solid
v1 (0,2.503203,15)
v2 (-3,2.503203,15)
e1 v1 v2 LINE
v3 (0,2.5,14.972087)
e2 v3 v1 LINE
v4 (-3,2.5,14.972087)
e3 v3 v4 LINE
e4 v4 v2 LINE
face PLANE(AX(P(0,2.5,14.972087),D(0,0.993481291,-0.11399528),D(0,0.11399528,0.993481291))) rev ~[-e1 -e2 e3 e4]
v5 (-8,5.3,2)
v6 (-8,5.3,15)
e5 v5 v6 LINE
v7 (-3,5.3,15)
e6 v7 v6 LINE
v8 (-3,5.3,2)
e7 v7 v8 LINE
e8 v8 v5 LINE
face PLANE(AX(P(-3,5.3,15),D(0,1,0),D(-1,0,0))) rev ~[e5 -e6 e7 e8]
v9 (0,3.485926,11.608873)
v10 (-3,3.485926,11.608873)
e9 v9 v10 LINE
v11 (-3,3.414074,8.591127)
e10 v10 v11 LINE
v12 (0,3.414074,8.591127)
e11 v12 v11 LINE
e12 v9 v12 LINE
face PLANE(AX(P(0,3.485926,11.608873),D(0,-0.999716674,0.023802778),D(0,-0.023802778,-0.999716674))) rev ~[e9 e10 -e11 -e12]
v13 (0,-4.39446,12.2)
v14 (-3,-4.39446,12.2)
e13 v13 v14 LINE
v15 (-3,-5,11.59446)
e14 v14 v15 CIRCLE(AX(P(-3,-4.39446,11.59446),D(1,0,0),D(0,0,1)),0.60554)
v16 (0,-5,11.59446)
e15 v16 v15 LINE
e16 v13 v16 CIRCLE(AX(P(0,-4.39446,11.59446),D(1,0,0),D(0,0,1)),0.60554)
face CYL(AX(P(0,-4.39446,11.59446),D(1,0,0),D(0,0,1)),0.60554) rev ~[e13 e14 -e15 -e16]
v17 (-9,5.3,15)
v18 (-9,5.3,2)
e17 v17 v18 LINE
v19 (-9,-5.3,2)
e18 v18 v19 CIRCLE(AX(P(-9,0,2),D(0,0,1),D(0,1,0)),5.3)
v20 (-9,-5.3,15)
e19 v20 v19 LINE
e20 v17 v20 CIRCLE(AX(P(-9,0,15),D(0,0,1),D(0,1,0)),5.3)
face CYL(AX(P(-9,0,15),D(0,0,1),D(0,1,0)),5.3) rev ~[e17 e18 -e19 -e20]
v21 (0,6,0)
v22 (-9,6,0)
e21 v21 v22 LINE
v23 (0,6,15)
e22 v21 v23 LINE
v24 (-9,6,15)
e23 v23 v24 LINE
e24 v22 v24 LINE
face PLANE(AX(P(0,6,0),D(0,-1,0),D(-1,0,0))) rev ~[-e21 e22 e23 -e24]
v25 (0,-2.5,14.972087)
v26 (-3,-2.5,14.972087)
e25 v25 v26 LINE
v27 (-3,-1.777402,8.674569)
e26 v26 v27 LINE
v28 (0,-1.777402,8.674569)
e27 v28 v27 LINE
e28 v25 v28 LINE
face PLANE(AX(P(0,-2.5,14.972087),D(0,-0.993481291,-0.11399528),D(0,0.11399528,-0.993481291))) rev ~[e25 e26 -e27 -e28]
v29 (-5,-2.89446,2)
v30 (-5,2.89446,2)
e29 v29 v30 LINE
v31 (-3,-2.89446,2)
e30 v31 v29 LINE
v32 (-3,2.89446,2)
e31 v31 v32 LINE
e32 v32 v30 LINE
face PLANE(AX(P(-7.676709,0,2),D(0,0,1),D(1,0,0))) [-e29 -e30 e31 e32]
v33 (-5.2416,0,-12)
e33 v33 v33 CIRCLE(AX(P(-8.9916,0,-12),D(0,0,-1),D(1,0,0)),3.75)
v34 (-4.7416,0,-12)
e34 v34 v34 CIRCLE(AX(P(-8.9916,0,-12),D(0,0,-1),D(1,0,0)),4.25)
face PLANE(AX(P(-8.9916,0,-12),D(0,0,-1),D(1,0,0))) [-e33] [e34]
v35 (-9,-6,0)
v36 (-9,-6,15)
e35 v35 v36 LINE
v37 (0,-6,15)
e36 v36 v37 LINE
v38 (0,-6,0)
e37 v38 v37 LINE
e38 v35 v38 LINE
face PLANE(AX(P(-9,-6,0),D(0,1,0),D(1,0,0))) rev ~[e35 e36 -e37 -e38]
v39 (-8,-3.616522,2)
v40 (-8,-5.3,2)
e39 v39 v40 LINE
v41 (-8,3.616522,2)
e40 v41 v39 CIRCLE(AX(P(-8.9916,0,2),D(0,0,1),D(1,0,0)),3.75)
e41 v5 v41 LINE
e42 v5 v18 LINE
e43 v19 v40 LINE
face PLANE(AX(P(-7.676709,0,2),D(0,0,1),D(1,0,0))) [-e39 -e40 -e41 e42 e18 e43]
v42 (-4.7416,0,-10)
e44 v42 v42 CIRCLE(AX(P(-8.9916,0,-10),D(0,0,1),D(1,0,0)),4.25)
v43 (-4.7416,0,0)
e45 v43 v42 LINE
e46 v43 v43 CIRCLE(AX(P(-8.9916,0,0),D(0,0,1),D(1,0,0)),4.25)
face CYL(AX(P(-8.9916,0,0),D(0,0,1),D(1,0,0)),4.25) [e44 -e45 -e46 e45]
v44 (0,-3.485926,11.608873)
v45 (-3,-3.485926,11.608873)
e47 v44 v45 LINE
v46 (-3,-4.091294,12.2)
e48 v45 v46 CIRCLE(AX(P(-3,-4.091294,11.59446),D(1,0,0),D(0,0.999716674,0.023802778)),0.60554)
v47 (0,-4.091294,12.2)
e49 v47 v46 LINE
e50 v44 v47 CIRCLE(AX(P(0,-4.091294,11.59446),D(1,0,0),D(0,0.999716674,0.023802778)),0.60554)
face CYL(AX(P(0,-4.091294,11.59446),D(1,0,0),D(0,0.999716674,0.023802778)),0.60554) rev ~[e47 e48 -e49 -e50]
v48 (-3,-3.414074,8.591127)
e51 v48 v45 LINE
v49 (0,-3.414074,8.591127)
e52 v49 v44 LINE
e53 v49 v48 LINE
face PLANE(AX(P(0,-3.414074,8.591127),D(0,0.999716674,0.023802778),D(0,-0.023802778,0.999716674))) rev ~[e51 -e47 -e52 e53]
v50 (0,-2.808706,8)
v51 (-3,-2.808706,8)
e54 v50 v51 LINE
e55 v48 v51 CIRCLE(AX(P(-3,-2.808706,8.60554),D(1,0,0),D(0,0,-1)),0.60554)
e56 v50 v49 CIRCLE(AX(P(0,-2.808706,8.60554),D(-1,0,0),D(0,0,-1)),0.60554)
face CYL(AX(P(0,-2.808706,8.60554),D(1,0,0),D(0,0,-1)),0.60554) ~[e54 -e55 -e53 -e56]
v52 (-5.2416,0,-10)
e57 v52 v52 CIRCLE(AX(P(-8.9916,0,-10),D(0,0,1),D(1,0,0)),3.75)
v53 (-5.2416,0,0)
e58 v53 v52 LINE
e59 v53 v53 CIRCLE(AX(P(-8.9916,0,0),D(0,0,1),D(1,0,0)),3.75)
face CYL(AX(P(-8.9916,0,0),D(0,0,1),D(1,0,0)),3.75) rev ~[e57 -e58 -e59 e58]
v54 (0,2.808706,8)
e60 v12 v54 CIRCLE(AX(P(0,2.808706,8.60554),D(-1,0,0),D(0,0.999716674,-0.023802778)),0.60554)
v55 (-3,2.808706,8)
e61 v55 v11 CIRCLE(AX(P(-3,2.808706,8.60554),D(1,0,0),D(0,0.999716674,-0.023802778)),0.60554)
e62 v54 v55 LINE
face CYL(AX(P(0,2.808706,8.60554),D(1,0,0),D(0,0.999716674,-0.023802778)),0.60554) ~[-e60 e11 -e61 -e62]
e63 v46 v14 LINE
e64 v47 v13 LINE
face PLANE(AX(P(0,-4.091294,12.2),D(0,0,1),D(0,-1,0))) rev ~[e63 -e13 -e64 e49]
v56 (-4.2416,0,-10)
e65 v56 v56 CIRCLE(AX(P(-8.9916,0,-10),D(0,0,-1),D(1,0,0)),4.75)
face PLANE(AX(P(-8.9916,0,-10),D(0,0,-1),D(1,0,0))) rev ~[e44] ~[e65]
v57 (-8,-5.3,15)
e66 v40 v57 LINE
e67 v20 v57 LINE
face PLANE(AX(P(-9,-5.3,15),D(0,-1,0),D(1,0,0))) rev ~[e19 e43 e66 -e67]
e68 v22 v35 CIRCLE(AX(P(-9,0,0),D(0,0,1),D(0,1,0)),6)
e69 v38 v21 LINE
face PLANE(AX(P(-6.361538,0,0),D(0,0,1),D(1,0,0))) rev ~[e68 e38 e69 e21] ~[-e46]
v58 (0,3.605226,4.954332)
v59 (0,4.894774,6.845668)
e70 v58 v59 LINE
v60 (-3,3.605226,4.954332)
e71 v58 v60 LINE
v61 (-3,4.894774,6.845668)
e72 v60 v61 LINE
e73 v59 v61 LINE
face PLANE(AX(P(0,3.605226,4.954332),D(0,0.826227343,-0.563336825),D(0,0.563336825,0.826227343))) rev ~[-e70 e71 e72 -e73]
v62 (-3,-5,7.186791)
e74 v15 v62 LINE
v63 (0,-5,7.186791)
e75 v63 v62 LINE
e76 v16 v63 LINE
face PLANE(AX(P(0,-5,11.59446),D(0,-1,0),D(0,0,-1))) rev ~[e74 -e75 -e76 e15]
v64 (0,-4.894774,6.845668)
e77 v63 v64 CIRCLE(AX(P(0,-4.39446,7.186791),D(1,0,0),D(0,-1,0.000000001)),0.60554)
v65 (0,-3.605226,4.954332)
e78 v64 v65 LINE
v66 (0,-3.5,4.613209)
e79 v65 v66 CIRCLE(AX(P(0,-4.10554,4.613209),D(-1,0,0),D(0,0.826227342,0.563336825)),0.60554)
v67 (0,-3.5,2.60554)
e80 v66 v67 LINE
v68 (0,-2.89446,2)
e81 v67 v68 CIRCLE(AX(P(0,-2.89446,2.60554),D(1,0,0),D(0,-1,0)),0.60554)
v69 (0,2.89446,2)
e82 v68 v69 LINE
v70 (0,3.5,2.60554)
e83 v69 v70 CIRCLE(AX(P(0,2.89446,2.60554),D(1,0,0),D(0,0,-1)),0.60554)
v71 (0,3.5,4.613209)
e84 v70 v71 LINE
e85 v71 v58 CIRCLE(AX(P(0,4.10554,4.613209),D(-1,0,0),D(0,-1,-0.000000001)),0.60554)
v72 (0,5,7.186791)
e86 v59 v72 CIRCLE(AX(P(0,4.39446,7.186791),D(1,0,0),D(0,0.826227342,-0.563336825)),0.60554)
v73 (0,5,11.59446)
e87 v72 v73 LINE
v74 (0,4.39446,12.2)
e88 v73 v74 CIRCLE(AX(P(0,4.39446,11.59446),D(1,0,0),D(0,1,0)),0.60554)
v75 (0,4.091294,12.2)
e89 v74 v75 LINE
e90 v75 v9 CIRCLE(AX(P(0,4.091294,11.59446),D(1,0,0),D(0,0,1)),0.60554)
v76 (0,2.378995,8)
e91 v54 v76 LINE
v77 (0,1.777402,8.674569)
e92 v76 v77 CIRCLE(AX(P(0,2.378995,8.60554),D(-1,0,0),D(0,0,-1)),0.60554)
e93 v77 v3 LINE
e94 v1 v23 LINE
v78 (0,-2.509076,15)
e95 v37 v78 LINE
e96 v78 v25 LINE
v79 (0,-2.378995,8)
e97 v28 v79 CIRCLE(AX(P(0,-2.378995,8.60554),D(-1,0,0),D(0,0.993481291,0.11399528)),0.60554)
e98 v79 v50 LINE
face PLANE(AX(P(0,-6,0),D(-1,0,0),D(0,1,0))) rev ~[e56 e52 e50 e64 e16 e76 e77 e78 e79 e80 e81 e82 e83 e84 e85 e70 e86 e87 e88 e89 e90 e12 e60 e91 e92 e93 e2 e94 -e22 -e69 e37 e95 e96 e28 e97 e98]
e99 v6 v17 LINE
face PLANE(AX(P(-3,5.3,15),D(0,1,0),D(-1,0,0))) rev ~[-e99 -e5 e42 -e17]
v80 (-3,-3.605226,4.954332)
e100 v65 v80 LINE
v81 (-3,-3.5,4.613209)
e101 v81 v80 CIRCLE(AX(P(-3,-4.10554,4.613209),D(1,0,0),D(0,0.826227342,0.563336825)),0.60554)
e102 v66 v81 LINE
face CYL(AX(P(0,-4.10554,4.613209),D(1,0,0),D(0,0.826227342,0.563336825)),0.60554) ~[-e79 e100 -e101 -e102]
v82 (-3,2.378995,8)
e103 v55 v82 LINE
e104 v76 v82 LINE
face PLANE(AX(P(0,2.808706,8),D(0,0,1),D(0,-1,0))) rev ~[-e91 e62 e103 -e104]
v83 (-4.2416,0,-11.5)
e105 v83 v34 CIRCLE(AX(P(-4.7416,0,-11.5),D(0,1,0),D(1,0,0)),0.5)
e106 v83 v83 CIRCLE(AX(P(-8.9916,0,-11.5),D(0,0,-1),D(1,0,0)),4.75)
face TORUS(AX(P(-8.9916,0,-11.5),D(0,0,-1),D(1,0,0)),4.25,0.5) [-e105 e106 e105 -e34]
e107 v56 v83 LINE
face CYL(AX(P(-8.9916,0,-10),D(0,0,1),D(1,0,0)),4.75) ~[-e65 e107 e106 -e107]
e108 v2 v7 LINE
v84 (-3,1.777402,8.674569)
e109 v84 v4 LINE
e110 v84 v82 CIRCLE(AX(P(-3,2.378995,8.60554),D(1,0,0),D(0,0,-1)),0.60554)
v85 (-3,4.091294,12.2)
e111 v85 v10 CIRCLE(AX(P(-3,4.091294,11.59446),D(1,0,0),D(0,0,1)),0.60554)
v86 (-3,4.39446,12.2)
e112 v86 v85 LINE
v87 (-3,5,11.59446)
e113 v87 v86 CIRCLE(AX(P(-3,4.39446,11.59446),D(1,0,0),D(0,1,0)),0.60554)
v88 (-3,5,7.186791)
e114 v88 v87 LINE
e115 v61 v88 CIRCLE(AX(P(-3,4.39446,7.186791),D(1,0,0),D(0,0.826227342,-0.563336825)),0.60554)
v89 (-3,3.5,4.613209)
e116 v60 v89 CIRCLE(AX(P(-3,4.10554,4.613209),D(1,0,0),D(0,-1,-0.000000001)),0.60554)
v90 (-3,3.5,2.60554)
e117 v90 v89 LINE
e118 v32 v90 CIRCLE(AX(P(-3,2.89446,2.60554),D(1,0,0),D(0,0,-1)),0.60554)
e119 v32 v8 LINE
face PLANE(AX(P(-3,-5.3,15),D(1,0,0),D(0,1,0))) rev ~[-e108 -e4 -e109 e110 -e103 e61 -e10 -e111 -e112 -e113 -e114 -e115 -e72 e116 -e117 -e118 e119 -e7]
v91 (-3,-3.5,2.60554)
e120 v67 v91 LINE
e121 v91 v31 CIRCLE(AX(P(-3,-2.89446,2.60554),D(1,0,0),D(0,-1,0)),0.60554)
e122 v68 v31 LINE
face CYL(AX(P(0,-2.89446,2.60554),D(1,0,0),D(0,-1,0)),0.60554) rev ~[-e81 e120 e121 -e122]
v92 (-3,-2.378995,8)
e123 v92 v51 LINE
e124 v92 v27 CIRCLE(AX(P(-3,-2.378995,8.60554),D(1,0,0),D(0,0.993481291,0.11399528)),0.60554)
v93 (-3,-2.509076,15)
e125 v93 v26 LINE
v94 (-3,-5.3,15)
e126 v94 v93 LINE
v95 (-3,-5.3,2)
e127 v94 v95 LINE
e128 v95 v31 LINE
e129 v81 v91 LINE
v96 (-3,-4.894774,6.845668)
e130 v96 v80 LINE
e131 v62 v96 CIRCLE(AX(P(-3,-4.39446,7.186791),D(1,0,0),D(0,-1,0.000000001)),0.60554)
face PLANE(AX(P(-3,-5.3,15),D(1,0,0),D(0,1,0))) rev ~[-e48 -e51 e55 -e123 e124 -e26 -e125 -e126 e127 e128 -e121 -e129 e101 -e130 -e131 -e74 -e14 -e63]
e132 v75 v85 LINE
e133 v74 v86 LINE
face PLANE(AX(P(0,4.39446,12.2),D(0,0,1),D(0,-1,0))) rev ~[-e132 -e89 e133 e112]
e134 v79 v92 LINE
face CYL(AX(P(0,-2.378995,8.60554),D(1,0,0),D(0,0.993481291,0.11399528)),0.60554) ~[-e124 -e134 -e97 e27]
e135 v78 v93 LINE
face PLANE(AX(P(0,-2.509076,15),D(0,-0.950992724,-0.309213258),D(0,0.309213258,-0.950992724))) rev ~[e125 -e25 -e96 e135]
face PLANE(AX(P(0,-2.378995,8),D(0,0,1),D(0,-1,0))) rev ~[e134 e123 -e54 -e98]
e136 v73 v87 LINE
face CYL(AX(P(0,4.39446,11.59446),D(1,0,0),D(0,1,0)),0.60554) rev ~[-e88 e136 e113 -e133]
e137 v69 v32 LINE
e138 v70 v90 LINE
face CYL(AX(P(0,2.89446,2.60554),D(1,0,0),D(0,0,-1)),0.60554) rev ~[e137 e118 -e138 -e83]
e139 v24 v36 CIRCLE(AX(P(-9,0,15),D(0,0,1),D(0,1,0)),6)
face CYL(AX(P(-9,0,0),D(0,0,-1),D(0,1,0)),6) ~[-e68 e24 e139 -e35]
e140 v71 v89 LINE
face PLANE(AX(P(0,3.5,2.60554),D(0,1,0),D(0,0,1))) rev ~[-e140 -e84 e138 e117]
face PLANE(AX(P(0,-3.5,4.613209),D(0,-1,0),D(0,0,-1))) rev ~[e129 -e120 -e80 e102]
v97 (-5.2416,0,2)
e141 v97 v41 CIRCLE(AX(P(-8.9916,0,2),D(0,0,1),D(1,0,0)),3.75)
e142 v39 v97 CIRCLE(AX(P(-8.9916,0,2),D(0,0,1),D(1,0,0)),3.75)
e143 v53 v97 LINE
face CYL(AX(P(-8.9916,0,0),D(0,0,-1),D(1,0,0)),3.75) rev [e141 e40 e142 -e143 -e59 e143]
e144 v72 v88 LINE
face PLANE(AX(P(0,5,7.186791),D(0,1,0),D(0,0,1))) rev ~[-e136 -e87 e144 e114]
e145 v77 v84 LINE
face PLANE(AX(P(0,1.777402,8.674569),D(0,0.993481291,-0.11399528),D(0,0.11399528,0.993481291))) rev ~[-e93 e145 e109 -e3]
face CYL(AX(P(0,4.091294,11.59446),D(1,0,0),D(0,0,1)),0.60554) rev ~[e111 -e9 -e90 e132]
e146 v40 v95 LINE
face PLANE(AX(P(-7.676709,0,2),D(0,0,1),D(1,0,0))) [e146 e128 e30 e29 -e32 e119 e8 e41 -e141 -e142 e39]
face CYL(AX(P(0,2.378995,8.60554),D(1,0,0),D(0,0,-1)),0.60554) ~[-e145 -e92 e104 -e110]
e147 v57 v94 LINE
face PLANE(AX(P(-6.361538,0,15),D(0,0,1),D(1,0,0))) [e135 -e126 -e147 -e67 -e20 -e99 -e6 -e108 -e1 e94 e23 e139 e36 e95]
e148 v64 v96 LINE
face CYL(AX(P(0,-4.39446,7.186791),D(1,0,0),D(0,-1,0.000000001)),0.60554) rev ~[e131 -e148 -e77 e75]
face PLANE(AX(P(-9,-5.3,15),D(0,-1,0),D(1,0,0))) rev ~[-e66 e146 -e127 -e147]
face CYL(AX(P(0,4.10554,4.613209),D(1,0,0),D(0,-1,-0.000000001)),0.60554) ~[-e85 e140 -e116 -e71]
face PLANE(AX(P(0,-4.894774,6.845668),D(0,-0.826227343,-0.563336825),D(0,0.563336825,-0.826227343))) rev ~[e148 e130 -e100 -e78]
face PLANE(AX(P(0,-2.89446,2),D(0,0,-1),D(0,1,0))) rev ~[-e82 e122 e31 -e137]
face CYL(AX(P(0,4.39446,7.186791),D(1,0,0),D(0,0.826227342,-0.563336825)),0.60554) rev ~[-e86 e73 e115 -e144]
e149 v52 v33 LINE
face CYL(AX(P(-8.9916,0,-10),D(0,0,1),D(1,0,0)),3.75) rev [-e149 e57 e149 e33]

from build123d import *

# Parameters (mm, degrees)
F1_DEPTH  = 15
F2_R      = 4.25
F2_R_2    = 3.75
F3_DEPTH  = 10
F4_R      = 4.75
F4_R_2    = 4.25
F4_R_3    = 3.75
F5_DEPTH  = 2
F7_DEPTH  = 13
F8_DEPTH  = 2
F7_FACE_W = 10.6
F7_FACE_H = 13
F10_DEPTH = 5
F11_R     = 0.5


with BuildPart() as f1:
    # F0 (on Top) → F1 (new body)
    with BuildSketch(Plane.XY):
        with BuildLine():
            Line((0, 6), (-9, 6))
            ThreePointArc((-9, 6), (-15, 0), (-9, -6))
            Line((-9, -6), (0, -6))
            Line((0, -6), (0, 6))
        make_face()
    extrude(amount=F1_DEPTH)

    # F2 (on Top) → F3 (join)
    with BuildSketch(Plane.XY):
        with Locations((-8.9916, 0)):
            Circle(F2_R)
        with Locations((-8.9916, 0)):
            Circle(F2_R_2, mode=Mode.SUBTRACT)
    extrude(amount=-F3_DEPTH)

    # F4 (on face) → F5 (join)
    with BuildSketch(Plane(origin=(0, 0, -10), x_dir=(1, 0, 0), z_dir=(0, 0, -1))):
        with Locations((-8.9916, 0)):
            Circle(F4_R)
        with Locations((-8.9916, 0)):
            Circle(F4_R_2, mode=Mode.SUBTRACT)
        with Locations((-8.9916, 0)):
            Circle(F4_R_2)
        with Locations((-8.9916, 0)):
            Circle(F4_R_3, mode=Mode.SUBTRACT)
    extrude(amount=F5_DEPTH)

    # F6 (on face) → F7 (cut)
    with BuildSketch(Plane.XY.offset(15)):
        with BuildLine():
            Line((-3, -5.3), (-3, 5.3))
            Line((-3, 5.3), (-9, 5.3))
            ThreePointArc((-9, 5.3), (-14.3, 0), (-9, -5.3))
            Line((-9, -5.3), (-3, -5.3))
        make_face()
    extrude(amount=-F7_DEPTH, mode=Mode.SUBTRACT)

    # F8 (cut, through all): a face of the model
    f8_faces = [f1.faces().sort_by_distance(p)[0] for p in [
        (-8.9916, 0, 0),
    ]]
    extrude(f8_faces, amount=-F8_DEPTH, mode=Mode.SUBTRACT)

    # F9 (on face) + F7_face (on face) → F10 (cut)
    with BuildSketch(Plane.YZ):
        with BuildLine():
            Line((-3.5, 4.6132088465), (-3.5, 2.6055402327))
            ThreePointArc((-3.5, 2.6055402327), (-3.3226413721, 2.1773586279), (-2.8944597673, 2))
            Line((-2.8944597673, 2), (0, 2))
            Line((0, 2), (2.8944597673, 2))
            ThreePointArc((2.8944597673, 2), (3.3226413721, 2.1773586279), (3.5, 2.6055402327))
            Line((3.5, 2.6055402327), (3.5, 4.6132088465))
            ThreePointArc((3.5, 4.6132088465), (3.5269042645, 4.7917008345), (3.6052263353, 4.9543319584))
            Line((3.6052263353, 4.9543319584), (4.8947736647, 6.8456680416))
            ThreePointArc((4.8947736647, 6.8456680416), (4.9730957355, 7.0082991655), (5, 7.1867911535))
            Line((5, 7.1867911535), (5, 11.5944597673))
            ThreePointArc((5, 11.5944597673), (4.8226413721, 12.0226413721), (4.3944597673, 12.2))
            Line((4.3944597673, 12.2), (4.0912942222, 12.2))
            ThreePointArc((4.0912942222, 12.2), (3.668239264, 12.0277073591), (3.4859255549, 11.608873307))
            Line((3.4859255549, 11.608873307), (3.4140744451, 8.591126693))
            ThreePointArc((3.4140744451, 8.591126693), (3.231760736, 8.1722926409), (2.8087057778, 8))
            Line((2.8087057778, 8), (2.3789951326, 8))
            ThreePointArc((2.3789951326, 8), (1.9270666838, 8.2025022065), (1.7774022402, 8.6745689611))
            Line((1.7774022402, 8.6745689611), (2.5, 14.9720872054))
            Line((2.5, 14.9720872054), (2.503202805, 15))
            Line((2.503202805, 15), (-2.5090757857, 15))
            Line((-2.5090757857, 15), (-2.5, 14.9720872054))
            Line((-2.5, 14.9720872054), (-1.7774022402, 8.6745689611))
            ThreePointArc((-1.7774022402, 8.6745689611), (-1.9270666838, 8.2025022065), (-2.3789951326, 8))
            Line((-2.3789951326, 8), (-2.8087057778, 8))
            ThreePointArc((-2.8087057778, 8), (-3.231760736, 8.1722926409), (-3.4140744451, 8.591126693))
            Line((-3.4140744451, 8.591126693), (-3.4859255549, 11.608873307))
            ThreePointArc((-3.4859255549, 11.608873307), (-3.668239264, 12.0277073591), (-4.0912942222, 12.2))
            Line((-4.0912942222, 12.2), (-4.3944597673, 12.2))
            ThreePointArc((-4.3944597673, 12.2), (-4.8226413721, 12.0226413721), (-5, 11.5944597673))
            Line((-5, 11.5944597673), (-5, 7.1867911535))
            ThreePointArc((-5, 7.1867911535), (-4.9730957355, 7.0082991655), (-4.8947736647, 6.8456680416))
            Line((-4.8947736647, 6.8456680416), (-3.6052263353, 4.9543319584))
            ThreePointArc((-3.6052263353, 4.9543319584), (-3.5269042645, 4.7917008345), (-3.5, 4.6132088465))
        make_face()
    with BuildSketch(Plane(origin=(-3, 0, 8.5), x_dir=(0, -1, 0), z_dir=(-1, 0, 0))):
        Rectangle(F7_FACE_W, F7_FACE_H)
    extrude(amount=-F10_DEPTH, dir=(1, 0, 0), mode=Mode.SUBTRACT)

    # F11
    f11_edges = [f1.edges().sort_by_distance(p)[0] for p in [
        (-13.7416, 0, -12),
    ]]
    fillet(f11_edges, radius=F11_R)


solid = f1.part
